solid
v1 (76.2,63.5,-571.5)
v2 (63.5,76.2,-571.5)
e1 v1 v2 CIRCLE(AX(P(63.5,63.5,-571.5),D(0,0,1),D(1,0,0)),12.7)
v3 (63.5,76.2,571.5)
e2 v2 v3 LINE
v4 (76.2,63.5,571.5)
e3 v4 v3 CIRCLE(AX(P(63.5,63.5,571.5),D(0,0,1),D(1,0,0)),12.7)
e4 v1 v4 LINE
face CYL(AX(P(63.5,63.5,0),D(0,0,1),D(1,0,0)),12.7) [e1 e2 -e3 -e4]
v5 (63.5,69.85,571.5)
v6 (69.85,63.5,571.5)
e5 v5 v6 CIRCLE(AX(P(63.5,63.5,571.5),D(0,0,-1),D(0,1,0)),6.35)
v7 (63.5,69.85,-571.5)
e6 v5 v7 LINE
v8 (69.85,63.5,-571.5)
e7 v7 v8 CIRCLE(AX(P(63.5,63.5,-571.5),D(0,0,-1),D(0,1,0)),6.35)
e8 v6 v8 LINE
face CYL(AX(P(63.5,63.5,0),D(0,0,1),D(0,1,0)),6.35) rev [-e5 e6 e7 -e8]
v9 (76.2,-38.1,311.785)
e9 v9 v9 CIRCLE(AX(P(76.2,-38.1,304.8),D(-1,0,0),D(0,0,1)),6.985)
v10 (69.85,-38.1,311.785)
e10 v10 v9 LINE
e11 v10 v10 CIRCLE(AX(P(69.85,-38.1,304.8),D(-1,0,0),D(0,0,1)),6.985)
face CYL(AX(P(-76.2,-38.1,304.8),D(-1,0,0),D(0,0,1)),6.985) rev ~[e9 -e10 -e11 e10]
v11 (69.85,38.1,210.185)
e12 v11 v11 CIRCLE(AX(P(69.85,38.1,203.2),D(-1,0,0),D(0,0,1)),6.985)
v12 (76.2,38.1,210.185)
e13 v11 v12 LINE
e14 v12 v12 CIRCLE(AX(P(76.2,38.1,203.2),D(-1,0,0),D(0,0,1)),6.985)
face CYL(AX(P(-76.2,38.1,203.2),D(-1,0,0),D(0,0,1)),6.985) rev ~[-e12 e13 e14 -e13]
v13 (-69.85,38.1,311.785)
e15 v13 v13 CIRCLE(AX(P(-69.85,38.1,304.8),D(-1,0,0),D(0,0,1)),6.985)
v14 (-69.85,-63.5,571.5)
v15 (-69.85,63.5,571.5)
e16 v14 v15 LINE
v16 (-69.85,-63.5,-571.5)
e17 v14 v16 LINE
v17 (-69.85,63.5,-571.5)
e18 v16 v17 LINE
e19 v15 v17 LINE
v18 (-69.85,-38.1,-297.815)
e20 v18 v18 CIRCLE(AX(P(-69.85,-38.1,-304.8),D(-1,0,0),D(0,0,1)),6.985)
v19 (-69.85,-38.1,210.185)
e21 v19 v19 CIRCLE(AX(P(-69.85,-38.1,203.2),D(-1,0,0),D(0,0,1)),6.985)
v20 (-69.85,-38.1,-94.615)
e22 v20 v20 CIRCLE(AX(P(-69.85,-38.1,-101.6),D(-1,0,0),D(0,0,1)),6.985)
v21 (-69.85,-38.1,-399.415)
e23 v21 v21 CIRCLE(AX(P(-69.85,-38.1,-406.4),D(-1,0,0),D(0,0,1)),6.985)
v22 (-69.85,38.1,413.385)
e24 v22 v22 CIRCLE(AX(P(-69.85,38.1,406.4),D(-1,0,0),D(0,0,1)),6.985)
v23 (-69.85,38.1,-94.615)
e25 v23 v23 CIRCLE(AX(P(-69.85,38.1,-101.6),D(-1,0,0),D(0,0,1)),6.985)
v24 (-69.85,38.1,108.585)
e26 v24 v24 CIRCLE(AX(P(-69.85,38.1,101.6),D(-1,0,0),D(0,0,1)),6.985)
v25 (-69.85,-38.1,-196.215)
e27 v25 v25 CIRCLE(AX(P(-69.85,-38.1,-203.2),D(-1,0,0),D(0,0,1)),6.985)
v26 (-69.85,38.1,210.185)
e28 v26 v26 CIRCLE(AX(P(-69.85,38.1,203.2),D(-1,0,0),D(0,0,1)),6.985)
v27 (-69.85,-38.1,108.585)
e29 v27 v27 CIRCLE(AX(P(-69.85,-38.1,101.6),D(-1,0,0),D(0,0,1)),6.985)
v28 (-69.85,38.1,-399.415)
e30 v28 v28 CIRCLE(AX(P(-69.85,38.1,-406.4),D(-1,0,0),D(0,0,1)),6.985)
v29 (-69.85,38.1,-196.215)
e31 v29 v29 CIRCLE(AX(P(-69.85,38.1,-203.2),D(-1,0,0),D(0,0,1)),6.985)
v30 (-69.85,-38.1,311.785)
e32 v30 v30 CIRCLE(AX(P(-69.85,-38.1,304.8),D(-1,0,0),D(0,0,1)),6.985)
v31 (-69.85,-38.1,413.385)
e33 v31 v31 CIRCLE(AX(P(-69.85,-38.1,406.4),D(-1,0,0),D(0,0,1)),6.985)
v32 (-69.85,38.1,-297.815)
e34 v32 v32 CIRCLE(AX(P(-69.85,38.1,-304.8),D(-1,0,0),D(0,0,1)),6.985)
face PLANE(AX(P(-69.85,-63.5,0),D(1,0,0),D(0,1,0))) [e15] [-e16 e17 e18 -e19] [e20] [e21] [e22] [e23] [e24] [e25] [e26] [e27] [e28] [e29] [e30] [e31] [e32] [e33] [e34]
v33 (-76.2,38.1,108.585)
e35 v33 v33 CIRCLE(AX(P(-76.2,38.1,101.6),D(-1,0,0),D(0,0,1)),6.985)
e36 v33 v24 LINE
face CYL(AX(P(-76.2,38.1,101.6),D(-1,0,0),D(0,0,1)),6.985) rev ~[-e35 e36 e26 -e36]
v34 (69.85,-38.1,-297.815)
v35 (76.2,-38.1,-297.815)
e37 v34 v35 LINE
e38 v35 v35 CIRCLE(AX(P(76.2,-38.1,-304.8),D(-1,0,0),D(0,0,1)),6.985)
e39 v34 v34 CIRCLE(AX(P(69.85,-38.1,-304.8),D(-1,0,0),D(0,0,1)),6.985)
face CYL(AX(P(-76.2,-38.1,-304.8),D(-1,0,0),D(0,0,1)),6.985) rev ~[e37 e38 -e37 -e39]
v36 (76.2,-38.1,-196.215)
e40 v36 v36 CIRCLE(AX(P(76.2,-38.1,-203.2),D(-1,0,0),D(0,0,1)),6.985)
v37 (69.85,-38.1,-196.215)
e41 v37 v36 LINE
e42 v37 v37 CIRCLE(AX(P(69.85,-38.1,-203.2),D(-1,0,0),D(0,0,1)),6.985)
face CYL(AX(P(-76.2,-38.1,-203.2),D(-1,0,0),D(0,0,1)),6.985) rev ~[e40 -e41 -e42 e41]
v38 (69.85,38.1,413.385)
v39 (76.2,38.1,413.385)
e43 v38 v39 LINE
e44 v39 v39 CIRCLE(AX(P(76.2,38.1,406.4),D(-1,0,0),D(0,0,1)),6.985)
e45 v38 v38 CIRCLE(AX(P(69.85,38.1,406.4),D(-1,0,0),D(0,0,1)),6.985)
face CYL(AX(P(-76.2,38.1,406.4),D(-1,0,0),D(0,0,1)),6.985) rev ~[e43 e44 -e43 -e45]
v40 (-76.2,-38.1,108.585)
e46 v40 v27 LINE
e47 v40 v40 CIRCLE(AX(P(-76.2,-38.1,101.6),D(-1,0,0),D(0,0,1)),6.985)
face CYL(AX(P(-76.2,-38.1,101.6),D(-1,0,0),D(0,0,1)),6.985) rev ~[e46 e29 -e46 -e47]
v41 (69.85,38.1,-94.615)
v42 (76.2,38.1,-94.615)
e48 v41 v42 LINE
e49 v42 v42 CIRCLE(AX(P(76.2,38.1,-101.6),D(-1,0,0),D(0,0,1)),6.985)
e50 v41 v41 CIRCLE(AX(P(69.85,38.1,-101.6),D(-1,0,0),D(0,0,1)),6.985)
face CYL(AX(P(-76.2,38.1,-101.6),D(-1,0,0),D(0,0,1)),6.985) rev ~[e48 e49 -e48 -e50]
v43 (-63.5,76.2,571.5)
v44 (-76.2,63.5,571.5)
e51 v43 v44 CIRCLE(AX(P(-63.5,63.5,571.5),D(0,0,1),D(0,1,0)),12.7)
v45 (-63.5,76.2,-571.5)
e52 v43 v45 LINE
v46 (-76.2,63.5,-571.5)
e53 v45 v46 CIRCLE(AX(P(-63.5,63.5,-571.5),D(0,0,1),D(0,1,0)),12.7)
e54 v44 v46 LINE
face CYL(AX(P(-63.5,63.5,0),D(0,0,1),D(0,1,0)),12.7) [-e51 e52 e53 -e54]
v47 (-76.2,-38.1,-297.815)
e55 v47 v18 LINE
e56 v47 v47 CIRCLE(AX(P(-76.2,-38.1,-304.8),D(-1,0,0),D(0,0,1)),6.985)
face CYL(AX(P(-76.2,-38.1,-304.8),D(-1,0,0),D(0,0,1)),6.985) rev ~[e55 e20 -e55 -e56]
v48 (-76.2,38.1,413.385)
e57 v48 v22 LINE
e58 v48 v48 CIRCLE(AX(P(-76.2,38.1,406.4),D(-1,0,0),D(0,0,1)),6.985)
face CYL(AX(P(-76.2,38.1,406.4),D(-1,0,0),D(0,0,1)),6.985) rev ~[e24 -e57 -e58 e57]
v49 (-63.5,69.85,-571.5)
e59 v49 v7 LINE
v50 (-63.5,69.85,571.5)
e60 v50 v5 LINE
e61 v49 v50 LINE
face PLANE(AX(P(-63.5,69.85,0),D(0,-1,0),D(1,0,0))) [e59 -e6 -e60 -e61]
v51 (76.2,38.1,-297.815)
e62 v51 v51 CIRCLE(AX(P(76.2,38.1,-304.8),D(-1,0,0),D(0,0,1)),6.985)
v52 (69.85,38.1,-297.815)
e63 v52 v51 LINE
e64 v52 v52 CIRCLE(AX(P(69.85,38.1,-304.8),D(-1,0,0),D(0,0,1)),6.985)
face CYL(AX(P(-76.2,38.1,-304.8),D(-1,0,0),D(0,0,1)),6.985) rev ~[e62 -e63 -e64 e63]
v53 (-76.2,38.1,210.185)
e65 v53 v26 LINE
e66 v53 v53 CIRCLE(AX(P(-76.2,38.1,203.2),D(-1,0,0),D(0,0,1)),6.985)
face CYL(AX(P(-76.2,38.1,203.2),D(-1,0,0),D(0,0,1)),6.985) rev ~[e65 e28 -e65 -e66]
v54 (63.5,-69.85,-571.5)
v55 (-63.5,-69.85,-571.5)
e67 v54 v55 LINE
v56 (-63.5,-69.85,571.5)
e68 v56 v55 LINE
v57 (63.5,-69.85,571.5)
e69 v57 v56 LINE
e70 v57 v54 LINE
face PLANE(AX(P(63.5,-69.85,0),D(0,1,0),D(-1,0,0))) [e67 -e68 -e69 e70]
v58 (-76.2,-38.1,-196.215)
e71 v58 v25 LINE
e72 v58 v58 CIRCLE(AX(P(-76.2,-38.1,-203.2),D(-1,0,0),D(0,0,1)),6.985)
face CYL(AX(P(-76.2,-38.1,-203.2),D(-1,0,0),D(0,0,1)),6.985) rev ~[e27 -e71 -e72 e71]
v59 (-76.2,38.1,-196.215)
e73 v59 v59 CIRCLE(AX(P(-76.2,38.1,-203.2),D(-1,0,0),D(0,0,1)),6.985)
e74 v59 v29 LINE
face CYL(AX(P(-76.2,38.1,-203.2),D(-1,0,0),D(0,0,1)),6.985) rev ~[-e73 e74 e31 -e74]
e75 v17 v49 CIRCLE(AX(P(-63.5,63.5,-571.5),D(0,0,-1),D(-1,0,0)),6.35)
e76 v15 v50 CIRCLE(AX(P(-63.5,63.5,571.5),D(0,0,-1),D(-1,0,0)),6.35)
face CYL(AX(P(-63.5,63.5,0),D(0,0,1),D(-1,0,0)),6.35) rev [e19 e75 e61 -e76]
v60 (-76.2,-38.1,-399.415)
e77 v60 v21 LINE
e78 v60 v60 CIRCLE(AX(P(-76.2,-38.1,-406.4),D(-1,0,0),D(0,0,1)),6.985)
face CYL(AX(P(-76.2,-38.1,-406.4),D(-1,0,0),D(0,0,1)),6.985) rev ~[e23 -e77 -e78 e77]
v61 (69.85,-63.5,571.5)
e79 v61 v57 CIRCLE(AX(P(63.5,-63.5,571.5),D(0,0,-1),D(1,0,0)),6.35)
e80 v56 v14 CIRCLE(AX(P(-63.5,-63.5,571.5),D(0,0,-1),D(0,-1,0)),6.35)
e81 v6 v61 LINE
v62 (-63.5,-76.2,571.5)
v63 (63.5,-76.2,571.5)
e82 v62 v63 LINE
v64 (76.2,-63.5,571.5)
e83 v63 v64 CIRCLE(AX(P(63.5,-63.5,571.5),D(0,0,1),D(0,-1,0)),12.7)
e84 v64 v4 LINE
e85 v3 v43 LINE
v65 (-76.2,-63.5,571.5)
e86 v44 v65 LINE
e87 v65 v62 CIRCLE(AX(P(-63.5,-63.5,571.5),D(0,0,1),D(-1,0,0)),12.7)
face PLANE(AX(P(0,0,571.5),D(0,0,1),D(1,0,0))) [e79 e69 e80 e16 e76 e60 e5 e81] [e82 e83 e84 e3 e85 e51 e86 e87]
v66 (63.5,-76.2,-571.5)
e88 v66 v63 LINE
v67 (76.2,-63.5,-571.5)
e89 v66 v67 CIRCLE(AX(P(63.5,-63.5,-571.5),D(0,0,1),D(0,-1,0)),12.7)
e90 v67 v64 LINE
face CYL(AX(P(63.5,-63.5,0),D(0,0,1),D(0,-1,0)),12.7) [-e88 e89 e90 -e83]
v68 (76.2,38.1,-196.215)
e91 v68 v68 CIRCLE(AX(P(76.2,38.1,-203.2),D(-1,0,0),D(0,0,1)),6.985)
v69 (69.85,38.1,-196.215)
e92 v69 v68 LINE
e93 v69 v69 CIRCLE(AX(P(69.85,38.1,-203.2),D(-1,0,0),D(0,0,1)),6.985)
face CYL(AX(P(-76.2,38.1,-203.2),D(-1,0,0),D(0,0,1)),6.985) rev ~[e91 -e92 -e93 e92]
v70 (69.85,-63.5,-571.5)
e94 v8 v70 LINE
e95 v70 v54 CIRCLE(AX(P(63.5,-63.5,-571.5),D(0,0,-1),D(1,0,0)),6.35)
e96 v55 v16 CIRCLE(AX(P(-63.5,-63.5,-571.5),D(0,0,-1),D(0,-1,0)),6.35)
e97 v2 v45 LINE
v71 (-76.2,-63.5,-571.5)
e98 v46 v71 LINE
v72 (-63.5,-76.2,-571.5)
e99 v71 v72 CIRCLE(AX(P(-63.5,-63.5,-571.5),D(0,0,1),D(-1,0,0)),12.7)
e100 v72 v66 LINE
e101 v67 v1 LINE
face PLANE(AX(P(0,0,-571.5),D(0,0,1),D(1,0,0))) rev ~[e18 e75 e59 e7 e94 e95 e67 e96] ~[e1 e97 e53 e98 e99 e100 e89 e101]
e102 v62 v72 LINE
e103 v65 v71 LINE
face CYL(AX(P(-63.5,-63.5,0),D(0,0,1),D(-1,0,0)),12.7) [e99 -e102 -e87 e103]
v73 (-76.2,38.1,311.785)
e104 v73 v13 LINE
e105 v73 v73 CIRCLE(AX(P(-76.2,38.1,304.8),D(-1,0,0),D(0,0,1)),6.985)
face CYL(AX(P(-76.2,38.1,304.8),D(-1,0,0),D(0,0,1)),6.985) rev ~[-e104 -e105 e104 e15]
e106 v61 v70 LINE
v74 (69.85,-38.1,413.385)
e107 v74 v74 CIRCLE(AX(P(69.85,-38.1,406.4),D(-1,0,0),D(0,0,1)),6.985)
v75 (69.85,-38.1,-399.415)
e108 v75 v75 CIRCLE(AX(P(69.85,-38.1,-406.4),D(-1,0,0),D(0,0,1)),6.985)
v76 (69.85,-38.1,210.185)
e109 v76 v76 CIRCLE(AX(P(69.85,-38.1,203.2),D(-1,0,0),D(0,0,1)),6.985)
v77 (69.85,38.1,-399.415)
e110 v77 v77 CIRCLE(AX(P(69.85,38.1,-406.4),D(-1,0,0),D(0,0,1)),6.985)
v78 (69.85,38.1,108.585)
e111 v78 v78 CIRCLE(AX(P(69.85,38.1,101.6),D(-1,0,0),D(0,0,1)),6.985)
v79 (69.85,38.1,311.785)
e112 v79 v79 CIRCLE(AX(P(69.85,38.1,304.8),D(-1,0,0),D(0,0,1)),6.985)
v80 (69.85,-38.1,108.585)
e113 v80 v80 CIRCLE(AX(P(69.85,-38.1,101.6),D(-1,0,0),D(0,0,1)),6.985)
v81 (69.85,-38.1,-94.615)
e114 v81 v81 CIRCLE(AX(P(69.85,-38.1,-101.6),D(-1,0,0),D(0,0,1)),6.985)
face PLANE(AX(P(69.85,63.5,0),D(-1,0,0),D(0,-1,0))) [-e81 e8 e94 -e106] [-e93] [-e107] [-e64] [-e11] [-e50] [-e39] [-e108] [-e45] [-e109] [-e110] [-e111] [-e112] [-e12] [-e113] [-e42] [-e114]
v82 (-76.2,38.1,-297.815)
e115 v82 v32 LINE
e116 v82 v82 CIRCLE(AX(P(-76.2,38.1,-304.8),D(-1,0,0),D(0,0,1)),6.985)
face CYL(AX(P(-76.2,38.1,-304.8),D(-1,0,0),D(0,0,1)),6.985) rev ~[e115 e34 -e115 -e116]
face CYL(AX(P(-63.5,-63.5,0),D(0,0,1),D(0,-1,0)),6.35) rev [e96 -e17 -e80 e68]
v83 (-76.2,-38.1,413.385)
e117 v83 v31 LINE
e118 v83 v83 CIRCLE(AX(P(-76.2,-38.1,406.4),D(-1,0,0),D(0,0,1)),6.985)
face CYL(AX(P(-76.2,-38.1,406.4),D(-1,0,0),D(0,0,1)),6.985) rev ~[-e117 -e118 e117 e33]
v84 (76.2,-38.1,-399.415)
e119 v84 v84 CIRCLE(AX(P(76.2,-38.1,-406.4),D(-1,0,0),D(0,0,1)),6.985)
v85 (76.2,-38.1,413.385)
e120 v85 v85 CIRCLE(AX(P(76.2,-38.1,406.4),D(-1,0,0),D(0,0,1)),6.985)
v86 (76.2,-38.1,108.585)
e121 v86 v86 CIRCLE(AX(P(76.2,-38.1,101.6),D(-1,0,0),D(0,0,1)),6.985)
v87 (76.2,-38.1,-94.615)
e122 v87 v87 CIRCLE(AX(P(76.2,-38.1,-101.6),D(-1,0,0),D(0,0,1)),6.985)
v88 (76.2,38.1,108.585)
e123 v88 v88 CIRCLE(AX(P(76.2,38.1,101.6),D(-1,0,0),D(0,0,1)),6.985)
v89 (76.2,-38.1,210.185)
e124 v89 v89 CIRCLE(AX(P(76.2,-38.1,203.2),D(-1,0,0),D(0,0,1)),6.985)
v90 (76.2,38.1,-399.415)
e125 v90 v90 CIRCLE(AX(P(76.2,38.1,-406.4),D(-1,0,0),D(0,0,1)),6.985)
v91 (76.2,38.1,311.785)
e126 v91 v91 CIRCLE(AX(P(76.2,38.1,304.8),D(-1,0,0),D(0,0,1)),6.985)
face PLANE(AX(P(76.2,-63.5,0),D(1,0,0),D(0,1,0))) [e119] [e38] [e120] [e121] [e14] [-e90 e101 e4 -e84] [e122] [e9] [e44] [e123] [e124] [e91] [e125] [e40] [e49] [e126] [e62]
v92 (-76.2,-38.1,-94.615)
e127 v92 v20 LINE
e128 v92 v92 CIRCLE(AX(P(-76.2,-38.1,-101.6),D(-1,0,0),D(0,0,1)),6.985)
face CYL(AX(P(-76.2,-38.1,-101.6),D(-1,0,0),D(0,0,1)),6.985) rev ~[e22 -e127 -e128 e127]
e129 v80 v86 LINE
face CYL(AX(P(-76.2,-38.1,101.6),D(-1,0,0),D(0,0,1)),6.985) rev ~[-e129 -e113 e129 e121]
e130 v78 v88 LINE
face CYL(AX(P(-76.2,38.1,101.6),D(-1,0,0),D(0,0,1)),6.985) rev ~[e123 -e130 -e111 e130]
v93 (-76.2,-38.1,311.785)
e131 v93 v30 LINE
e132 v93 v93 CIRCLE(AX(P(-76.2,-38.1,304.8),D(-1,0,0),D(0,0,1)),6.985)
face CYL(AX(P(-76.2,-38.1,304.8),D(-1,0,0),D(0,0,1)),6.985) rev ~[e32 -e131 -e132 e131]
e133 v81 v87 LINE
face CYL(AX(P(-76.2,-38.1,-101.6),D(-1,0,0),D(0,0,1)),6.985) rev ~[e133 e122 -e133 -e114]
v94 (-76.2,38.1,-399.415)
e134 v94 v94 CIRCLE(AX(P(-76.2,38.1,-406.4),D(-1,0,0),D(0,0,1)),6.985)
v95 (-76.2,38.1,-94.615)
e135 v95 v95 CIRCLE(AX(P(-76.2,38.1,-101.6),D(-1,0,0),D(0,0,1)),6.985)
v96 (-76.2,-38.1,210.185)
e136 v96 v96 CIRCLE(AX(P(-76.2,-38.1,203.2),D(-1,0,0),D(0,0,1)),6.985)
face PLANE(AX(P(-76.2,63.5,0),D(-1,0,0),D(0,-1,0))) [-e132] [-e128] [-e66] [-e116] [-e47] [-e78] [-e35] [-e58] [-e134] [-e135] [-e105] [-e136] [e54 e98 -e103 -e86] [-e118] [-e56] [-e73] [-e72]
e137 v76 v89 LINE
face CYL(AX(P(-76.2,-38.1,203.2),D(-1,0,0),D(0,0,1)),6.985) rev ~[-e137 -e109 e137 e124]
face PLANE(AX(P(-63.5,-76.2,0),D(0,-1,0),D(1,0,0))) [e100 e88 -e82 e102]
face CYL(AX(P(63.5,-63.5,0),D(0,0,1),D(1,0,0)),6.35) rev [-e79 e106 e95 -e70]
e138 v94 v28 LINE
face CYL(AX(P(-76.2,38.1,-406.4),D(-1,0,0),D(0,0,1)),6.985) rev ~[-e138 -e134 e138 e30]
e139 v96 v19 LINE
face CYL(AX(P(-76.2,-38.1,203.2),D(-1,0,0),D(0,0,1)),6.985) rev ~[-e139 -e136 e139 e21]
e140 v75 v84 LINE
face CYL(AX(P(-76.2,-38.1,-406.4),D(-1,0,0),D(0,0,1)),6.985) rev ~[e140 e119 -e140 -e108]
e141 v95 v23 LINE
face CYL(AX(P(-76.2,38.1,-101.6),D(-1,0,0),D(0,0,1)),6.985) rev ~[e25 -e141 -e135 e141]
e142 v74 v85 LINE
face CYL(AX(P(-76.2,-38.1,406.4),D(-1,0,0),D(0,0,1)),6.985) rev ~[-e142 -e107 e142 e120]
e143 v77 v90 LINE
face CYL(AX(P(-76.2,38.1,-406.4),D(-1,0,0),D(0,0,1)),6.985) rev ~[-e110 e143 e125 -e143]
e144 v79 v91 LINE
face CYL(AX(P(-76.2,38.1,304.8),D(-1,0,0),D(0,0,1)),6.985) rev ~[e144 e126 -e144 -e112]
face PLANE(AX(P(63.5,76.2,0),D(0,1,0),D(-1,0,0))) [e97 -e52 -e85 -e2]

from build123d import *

# Parameters (mm, degrees)
BOSS_EXTRUDE1_DEPTH = 571.5
SKETCH2_R           = 6.985
CUT_EXTRUDE1_DEPTH  = 597.359329599


with BuildPart() as part:
    # Sketch1 → Boss-Extrude1 (new, symmetric)
    with BuildSketch(Plane.XY):
        with BuildLine():
            Line((-63.5, -76.2), (63.5, -76.2))
            ThreePointArc((63.5, -76.2), (72.480256121, -72.480256121), (76.2, -63.5))
            Line((76.2, -63.5), (76.2, 63.5))
            ThreePointArc((76.2, 63.5), (72.480256121, 72.480256121), (63.5, 76.2))
            Line((63.5, 76.2), (-63.5, 76.2))
            ThreePointArc((-63.5, 76.2), (-72.480256121, 72.480256121), (-76.2, 63.5))
            Line((-76.2, 63.5), (-76.2, -63.5))
            ThreePointArc((-76.2, -63.5), (-72.480256121, -72.480256121), (-63.5, -76.2))
        make_face()
        with BuildLine():
            Line((-63.5, 69.85), (63.5, 69.85))
            ThreePointArc((63.5, 69.85), (67.990128061, 67.990128061), (69.85, 63.5))
            Line((69.85, 63.5), (69.85, -63.5))
            ThreePointArc((69.85, -63.5), (67.990128061, -67.990128061), (63.5, -69.85))
            Line((63.5, -69.85), (-63.5, -69.85))
            ThreePointArc((-63.5, -69.85), (-67.990128061, -67.990128061), (-69.85, -63.5))
            Line((-69.85, -63.5), (-69.85, 63.5))
            ThreePointArc((-69.85, 63.5), (-67.990128061, 67.990128061), (-63.5, 69.85))
        make_face(mode=Mode.SUBTRACT)
    extrude(amount=BOSS_EXTRUDE1_DEPTH, both=True)

    # Sketch2 → Cut-Extrude1 (cut, through all)
    with BuildSketch(Plane.ZY.offset(76.2)):
        with Locations((-101.6, 38.1)):
            Circle(SKETCH2_R)
        with Locations((-203.2, 38.1)):
            Circle(SKETCH2_R)
        with Locations((-304.8, 38.1)):
            Circle(SKETCH2_R)
        with Locations((-304.8, -38.1)):
            Circle(SKETCH2_R)
        with Locations((-203.2, -38.1)):
            Circle(SKETCH2_R)
        with Locations((-101.6, -38.1)):
            Circle(SKETCH2_R)
        with Locations((101.6, -38.1)):
            Circle(SKETCH2_R)
        with Locations((203.2, -38.1)):
            Circle(SKETCH2_R)
        with Locations((304.8, -38.1)):
            Circle(SKETCH2_R)
        with Locations((304.8, 38.1)):
            Circle(SKETCH2_R)
        with Locations((203.2, 38.1)):
            Circle(SKETCH2_R)
        with Locations((101.6, 38.1)):
            Circle(SKETCH2_R)
        with Locations((-406.4, 38.1)):
            Circle(SKETCH2_R)
        with Locations((-406.4, -38.1)):
            Circle(SKETCH2_R)
        with Locations((406.4, -38.1)):
            Circle(SKETCH2_R)
        with Locations((406.4, 38.1)):
            Circle(SKETCH2_R)
    extrude(amount=-CUT_EXTRUDE1_DEPTH, mode=Mode.SUBTRACT)


solid = part.part
